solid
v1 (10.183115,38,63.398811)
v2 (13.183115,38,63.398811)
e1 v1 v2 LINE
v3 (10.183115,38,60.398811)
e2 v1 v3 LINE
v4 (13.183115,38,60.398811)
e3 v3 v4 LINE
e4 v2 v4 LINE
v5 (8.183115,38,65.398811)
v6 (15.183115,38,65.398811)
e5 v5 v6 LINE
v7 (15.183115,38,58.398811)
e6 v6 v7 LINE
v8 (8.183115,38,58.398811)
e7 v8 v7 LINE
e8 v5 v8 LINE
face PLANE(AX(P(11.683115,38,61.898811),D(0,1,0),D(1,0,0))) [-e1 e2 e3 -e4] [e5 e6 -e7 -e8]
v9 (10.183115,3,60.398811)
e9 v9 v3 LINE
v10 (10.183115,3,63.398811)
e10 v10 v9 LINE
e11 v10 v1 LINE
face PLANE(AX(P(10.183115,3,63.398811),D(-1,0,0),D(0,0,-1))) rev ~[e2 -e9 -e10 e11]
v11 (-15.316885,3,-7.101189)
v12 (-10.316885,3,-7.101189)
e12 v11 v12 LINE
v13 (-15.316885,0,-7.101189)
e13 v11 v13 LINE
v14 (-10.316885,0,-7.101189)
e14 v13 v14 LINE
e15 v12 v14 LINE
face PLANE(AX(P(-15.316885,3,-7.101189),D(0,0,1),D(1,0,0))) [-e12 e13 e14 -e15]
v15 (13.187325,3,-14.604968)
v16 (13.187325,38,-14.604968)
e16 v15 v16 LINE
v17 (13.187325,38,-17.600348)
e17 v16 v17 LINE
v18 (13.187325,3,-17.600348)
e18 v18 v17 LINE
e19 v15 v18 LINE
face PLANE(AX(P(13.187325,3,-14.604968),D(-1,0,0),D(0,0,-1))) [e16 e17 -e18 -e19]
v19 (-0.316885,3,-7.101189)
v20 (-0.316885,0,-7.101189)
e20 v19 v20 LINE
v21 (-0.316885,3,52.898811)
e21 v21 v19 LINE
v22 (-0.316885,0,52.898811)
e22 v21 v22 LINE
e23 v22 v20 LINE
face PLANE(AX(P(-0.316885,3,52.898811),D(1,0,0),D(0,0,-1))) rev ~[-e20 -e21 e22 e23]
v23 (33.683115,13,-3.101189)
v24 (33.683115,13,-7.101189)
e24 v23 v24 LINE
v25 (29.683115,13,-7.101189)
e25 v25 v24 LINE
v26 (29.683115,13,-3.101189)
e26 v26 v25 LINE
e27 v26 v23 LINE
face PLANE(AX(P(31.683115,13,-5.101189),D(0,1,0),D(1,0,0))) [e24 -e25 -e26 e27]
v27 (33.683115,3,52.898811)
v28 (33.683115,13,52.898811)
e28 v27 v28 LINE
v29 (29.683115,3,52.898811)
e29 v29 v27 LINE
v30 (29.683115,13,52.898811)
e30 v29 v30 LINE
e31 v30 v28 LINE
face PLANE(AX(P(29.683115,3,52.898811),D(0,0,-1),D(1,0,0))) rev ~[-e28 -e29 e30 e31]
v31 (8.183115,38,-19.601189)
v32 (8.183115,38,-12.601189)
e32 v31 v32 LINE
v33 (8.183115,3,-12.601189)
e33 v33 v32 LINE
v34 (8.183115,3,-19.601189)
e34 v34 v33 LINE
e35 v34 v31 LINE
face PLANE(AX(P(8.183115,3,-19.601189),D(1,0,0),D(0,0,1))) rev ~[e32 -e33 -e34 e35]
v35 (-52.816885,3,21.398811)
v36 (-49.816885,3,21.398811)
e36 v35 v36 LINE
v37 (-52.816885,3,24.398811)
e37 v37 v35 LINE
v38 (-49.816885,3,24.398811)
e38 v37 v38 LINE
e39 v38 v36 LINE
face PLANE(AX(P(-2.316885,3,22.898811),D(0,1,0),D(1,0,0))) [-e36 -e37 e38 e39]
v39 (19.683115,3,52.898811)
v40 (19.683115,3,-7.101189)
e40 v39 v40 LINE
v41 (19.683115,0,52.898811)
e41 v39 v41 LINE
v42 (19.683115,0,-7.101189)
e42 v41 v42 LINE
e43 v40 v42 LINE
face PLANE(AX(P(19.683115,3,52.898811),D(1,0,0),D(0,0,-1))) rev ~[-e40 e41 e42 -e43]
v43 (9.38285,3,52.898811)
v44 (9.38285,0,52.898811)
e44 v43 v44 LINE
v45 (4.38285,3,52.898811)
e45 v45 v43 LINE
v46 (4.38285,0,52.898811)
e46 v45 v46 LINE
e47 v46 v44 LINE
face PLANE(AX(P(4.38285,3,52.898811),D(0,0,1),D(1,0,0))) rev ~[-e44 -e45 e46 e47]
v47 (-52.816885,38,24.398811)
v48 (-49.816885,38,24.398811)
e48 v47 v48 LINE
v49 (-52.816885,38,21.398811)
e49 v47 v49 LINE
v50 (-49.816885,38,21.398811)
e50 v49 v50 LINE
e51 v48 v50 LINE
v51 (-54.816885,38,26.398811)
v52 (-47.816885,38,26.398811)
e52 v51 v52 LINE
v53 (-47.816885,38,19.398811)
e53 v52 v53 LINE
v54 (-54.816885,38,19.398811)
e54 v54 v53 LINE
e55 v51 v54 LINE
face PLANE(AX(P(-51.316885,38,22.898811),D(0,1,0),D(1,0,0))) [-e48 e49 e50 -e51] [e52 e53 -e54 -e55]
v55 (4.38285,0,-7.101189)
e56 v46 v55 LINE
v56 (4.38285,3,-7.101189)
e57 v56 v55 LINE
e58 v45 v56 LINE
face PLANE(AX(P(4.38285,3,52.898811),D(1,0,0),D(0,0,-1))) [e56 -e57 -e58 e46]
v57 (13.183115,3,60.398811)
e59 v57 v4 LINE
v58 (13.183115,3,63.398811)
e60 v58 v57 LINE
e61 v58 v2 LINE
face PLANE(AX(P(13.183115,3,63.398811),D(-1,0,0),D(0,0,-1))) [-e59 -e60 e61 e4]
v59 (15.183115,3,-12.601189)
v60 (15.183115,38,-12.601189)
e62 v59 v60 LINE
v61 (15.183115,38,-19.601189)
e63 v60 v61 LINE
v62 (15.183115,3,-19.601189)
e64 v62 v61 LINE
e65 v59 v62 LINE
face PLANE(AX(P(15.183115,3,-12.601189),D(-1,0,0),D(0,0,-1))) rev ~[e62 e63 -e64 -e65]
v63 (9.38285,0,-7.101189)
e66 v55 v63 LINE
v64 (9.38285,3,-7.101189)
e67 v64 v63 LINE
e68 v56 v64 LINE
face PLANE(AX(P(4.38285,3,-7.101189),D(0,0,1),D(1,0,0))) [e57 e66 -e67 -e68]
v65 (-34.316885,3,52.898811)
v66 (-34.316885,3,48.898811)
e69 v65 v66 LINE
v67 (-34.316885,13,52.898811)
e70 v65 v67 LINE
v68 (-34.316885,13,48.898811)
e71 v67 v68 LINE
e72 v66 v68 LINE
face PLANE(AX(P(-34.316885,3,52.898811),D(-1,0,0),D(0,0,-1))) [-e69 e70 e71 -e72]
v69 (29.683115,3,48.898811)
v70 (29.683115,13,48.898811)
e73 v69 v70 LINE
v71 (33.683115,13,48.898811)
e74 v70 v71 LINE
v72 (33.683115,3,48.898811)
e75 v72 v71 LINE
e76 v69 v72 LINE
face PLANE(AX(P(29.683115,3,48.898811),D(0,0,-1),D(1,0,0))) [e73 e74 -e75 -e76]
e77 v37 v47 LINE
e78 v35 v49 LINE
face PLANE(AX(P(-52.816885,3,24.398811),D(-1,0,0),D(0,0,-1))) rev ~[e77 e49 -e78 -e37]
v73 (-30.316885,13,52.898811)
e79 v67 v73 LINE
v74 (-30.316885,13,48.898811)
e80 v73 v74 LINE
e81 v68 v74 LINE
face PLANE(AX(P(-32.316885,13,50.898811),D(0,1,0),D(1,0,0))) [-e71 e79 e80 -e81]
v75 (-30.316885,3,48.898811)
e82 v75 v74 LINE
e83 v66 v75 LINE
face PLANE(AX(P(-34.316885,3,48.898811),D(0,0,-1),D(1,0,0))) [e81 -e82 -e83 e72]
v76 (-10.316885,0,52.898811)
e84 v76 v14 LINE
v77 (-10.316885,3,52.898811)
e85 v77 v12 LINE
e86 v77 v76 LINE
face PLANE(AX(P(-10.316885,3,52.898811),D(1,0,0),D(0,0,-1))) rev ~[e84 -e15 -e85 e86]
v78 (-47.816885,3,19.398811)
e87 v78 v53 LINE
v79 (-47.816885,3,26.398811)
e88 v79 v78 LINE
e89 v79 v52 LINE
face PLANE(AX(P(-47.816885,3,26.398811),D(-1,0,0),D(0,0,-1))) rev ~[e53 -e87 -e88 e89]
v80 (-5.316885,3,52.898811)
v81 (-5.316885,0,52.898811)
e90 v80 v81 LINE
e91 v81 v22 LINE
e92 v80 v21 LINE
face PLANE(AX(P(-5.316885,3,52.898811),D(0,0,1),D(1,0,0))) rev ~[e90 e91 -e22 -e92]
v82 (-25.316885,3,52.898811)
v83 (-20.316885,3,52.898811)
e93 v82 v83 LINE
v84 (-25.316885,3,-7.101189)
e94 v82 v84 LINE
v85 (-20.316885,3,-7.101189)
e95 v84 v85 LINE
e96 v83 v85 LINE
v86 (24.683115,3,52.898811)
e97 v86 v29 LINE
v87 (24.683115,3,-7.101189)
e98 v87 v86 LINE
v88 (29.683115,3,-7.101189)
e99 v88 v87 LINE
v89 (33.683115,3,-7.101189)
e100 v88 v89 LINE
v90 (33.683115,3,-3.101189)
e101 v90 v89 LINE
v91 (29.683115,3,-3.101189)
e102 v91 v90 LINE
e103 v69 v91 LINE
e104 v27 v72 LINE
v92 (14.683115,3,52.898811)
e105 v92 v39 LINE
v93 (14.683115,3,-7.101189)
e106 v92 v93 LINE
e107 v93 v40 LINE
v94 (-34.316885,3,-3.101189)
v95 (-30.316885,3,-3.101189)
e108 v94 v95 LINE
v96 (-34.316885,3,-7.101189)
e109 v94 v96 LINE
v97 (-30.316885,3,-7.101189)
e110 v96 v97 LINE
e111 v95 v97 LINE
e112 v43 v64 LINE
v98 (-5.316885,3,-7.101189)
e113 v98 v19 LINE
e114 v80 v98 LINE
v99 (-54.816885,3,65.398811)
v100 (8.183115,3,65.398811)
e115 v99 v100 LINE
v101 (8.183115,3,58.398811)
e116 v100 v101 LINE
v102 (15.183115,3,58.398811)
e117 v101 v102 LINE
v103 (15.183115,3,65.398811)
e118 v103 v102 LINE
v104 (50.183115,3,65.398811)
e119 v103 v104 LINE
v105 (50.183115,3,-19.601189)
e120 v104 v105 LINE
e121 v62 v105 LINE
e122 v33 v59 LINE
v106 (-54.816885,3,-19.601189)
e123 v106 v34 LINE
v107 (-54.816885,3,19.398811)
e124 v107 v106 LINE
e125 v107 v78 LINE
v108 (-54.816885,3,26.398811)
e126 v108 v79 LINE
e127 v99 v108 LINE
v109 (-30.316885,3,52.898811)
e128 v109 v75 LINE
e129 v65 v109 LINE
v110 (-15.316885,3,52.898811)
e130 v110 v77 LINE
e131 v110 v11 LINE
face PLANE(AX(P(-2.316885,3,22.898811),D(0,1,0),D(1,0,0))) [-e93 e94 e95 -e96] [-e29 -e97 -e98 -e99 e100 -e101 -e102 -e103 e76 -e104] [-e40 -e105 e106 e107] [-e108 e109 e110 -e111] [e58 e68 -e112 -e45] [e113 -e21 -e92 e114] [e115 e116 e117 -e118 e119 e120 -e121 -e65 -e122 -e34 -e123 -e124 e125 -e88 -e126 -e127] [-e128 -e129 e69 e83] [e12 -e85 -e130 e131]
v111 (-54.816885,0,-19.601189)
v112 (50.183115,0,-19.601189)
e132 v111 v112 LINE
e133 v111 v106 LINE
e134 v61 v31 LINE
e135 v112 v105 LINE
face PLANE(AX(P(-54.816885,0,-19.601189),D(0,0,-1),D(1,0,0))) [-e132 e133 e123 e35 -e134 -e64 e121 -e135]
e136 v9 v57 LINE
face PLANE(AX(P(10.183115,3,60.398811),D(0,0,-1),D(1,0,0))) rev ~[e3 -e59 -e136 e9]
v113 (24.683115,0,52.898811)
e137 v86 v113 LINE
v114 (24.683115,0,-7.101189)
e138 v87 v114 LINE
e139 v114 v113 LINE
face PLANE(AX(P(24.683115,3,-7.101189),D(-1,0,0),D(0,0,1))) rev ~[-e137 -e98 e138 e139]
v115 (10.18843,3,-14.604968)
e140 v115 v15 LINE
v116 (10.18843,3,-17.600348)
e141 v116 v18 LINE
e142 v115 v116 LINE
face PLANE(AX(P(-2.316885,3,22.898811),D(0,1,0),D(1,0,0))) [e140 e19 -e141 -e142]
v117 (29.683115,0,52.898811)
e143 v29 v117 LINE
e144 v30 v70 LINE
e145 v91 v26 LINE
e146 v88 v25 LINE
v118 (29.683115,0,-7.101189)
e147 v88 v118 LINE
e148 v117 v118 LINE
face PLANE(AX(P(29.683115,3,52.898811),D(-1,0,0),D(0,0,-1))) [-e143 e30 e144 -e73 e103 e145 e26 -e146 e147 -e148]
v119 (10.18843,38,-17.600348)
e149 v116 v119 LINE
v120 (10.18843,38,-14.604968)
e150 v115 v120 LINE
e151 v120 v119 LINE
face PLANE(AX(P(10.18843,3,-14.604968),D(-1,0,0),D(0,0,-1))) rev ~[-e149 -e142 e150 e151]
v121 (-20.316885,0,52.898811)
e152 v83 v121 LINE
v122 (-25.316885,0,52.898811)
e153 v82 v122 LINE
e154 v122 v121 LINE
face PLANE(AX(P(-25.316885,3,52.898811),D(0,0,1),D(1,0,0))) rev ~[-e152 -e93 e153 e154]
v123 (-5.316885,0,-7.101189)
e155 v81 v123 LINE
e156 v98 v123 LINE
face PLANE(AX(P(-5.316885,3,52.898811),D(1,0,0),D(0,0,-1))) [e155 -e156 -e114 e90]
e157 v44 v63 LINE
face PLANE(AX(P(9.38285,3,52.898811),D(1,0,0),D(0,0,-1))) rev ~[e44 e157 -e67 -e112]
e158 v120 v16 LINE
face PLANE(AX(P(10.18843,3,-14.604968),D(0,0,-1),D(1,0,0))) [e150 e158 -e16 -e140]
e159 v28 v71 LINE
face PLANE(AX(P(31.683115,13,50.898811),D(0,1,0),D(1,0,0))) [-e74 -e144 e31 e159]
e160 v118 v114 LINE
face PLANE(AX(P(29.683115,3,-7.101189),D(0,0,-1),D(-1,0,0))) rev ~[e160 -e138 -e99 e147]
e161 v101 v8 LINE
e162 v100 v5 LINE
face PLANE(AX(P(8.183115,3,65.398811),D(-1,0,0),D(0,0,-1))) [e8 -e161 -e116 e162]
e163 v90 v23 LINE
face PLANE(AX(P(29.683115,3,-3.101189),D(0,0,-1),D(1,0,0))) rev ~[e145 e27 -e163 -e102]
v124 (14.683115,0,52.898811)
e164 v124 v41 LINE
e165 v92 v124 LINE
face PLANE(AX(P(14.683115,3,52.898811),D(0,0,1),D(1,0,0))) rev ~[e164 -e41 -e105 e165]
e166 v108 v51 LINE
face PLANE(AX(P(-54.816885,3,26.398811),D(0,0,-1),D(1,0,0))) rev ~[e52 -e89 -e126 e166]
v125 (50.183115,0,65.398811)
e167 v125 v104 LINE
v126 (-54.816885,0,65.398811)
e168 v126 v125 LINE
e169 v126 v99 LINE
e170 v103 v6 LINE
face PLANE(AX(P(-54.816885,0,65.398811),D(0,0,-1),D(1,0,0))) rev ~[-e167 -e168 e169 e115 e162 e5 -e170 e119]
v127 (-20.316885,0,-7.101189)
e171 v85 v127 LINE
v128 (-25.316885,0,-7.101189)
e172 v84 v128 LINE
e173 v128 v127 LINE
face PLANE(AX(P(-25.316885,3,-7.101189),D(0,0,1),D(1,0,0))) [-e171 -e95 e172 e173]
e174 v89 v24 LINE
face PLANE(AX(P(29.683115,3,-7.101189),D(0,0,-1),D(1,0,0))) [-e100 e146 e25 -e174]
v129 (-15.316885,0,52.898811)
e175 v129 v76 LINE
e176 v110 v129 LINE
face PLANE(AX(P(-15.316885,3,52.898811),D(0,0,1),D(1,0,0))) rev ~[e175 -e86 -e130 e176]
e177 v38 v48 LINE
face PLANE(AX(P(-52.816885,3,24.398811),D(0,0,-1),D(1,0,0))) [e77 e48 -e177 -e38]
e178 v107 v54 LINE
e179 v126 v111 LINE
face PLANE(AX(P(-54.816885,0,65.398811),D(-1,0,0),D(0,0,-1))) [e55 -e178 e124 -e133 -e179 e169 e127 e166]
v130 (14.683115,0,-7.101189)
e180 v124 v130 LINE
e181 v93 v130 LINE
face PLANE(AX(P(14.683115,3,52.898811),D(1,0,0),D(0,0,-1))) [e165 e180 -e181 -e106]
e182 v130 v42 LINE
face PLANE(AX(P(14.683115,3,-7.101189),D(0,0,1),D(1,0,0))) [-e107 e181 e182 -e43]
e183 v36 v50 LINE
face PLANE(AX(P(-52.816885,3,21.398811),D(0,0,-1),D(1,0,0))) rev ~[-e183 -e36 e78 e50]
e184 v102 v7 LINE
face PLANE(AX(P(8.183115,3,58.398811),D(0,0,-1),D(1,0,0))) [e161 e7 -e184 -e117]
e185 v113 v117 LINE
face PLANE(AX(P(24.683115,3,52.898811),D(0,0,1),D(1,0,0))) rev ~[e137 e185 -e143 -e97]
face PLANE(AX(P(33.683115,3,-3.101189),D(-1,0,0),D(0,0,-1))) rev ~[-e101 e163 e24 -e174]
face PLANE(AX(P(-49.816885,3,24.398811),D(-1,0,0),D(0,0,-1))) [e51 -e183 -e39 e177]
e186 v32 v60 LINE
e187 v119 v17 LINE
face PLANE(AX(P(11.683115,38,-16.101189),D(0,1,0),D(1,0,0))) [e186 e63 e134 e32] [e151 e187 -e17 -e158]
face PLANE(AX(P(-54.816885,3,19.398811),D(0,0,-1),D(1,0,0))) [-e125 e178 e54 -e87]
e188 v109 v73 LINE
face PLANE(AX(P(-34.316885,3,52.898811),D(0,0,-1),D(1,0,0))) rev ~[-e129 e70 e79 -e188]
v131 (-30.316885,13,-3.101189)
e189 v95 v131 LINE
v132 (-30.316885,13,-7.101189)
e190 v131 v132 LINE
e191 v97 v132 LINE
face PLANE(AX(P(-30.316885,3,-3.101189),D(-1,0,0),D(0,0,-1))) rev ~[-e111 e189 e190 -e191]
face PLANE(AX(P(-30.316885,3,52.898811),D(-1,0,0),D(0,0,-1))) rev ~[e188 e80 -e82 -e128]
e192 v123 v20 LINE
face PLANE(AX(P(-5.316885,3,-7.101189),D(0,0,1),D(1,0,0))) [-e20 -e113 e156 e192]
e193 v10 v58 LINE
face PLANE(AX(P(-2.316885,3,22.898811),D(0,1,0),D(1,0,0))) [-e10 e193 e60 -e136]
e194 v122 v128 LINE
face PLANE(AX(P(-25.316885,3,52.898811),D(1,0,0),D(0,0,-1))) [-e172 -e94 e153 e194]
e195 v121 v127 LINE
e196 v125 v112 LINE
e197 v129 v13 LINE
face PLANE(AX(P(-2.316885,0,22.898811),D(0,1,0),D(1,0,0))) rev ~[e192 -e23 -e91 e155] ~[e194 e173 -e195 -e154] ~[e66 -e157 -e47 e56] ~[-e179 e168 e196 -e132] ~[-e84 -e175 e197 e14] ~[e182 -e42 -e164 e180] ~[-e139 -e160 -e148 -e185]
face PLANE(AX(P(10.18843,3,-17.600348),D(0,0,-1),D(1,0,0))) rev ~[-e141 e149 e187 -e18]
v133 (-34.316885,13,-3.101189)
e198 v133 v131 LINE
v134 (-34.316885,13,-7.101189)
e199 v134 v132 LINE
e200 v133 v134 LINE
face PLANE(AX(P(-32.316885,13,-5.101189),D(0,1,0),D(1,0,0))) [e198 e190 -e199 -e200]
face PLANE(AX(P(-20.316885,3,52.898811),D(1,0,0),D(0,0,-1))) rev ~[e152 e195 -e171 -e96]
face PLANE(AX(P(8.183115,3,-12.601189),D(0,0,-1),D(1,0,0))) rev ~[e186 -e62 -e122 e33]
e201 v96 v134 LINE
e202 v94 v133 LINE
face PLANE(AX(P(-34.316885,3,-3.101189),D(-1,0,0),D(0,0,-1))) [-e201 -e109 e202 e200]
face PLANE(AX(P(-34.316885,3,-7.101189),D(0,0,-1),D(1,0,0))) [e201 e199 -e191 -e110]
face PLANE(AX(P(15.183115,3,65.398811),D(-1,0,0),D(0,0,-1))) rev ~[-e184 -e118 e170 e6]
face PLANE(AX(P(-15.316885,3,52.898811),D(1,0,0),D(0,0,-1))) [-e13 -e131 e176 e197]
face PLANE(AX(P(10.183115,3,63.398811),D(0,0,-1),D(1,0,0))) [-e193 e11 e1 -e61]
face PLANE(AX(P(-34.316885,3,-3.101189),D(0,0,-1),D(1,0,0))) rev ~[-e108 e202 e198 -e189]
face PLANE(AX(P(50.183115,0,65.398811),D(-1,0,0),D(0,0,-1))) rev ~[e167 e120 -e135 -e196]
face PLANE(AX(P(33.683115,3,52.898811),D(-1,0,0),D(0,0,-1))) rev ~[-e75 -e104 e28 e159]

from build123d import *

# Parameters (mm, degrees)
SKETCH3_W           = 105
SKETCH3_H           = 85
BOSS_EXTRUDE3_DEPTH = 3
SKETCH5_W           = 7
SKETCH5_H           = 7
SKETCH5_W_2         = 3
SKETCH5_H_2         = 3
BOSS_EXTRUDE4_DEPTH = 35
SKETCH9_W           = 2.998895248
SKETCH9_H           = 2.995380601
BOSS_EXTRUDE5_DEPTH = 35
SKETCH11_W          = 7
SKETCH11_H          = 7
SKETCH11_W_2        = 3
SKETCH11_H_2        = 3
BOSS_EXTRUDE6_DEPTH = 35
CUT_EXTRUDE1_DEPTH  = 6
SKETCH14_W          = 5
SKETCH14_H          = 60
CUT_EXTRUDE3_DEPTH  = 33
SKETCH17_W          = 5
SKETCH17_H          = 60
CUT_EXTRUDE4_DEPTH  = 15
SKETCH18_W          = 4
SKETCH18_H          = 4
BOSS_EXTRUDE7_DEPTH = 10


with BuildPart() as part:
    # Sketch3 → Boss-Extrude3 (new body)
    with BuildSketch(Plane(origin=(0, 0, 0), x_dir=(1, 0, 0), z_dir=(0, 1, 0))):
        with Locations((-2.316884661, -22.898810939)):
            Rectangle(SKETCH3_W, SKETCH3_H)
    extrude(amount=BOSS_EXTRUDE3_DEPTH)

    # Sketch5 → Boss-Extrude4 (add)
    with BuildSketch(Plane(origin=(0, 3, 0), x_dir=(1, 0, 0), z_dir=(0, 1, 0))):
        with Locations((11.683115339, -61.898810939)):
            Rectangle(SKETCH5_W, SKETCH5_H)
        with Locations((11.683115339, -61.898810939)):
            Rectangle(SKETCH5_W_2, SKETCH5_H_2, mode=Mode.SUBTRACT)
    extrude(amount=BOSS_EXTRUDE4_DEPTH)

    # Sketch9 → Boss-Extrude5 (add)
    with BuildSketch(Plane(origin=(0, 3, 0), x_dir=(1, 0, 0), z_dir=(0, 1, 0))):
        Polygon((15.183115339, 12.601189061), (15.183115339, 19.601189061), (8.183115339, 19.601189061), (8.183115339, 17.600348451), (8.183115339, 12.601189061), align=None)
        with Locations((11.687877227, 16.102658151)):
            Rectangle(SKETCH9_W, SKETCH9_H, mode=Mode.SUBTRACT)
    extrude(amount=BOSS_EXTRUDE5_DEPTH)

    # Sketch11 → Boss-Extrude6 (add)
    with BuildSketch(Plane(origin=(0, 3, 0), x_dir=(1, 0, 0), z_dir=(0, 1, 0))):
        with Locations((-51.316884661, -22.898810939)):
            Rectangle(SKETCH11_W, SKETCH11_H)
        with Locations((-51.316884661, -22.898810939)):
            Rectangle(SKETCH11_W_2, SKETCH11_H_2, mode=Mode.SUBTRACT)
    extrude(amount=BOSS_EXTRUDE6_DEPTH)

    # Sketch12 → Cut-Extrude1 (cut)
    with BuildSketch(Plane(origin=(0, 3, 0), x_dir=(1, 0, 0), z_dir=(0, 1, 0))):
        Polygon((29.683115339, -52.898810939), (29.683115339, -48.898810939), (29.683115339, 3.101189061), (29.683115339, 7.101189061), (24.683115339, 7.101189061), (24.683115339, -52.898810939), align=None)
    extrude(amount=-CUT_EXTRUDE1_DEPTH, mode=Mode.SUBTRACT)

    # Sketch14 → Cut-Extrude3 (cut)
    with BuildSketch(Plane(origin=(0, 3, 0), x_dir=(1, 0, 0), z_dir=(0, 1, 0))):
        with Locations((17.183115339, -22.898810939)):
            Rectangle(SKETCH14_W, SKETCH14_H)
        with Locations((-2.816884661, -22.898810939)):
            Rectangle(SKETCH14_W, SKETCH14_H)
        with Locations((-22.816884661, -22.898810939)):
            Rectangle(SKETCH14_W, SKETCH14_H)
        with Locations((-12.816884661, -22.898810939)):
            Rectangle(SKETCH14_W, SKETCH14_H)
    extrude(amount=-CUT_EXTRUDE3_DEPTH, mode=Mode.SUBTRACT)

    # Sketch17 → Cut-Extrude4 (cut)
    with BuildSketch(Plane(origin=(0, 3, 0), x_dir=(1, 0, 0), z_dir=(0, 1, 0))):
        with Locations((6.882849783, -22.898810939)):
            Rectangle(SKETCH17_W, SKETCH17_H)
    extrude(amount=-CUT_EXTRUDE4_DEPTH, mode=Mode.SUBTRACT)

    # Sketch18 → Boss-Extrude7 (add)
    with BuildSketch(Plane(origin=(0, 3, 0), x_dir=(1, 0, 0), z_dir=(0, 1, 0))):
        with Locations((31.683115339, -50.898810939)):
            Rectangle(SKETCH18_W, SKETCH18_H)
        with Locations((31.683115339, 5.101189061)):
            Rectangle(SKETCH18_W, SKETCH18_H)
        with Locations((-32.316884661, 5.101189061)):
            Rectangle(SKETCH18_W, SKETCH18_H)
        with Locations((-32.316884661, -50.898810939)):
            Rectangle(SKETCH18_W, SKETCH18_H)
    extrude(amount=BOSS_EXTRUDE7_DEPTH)


solid = part.part
